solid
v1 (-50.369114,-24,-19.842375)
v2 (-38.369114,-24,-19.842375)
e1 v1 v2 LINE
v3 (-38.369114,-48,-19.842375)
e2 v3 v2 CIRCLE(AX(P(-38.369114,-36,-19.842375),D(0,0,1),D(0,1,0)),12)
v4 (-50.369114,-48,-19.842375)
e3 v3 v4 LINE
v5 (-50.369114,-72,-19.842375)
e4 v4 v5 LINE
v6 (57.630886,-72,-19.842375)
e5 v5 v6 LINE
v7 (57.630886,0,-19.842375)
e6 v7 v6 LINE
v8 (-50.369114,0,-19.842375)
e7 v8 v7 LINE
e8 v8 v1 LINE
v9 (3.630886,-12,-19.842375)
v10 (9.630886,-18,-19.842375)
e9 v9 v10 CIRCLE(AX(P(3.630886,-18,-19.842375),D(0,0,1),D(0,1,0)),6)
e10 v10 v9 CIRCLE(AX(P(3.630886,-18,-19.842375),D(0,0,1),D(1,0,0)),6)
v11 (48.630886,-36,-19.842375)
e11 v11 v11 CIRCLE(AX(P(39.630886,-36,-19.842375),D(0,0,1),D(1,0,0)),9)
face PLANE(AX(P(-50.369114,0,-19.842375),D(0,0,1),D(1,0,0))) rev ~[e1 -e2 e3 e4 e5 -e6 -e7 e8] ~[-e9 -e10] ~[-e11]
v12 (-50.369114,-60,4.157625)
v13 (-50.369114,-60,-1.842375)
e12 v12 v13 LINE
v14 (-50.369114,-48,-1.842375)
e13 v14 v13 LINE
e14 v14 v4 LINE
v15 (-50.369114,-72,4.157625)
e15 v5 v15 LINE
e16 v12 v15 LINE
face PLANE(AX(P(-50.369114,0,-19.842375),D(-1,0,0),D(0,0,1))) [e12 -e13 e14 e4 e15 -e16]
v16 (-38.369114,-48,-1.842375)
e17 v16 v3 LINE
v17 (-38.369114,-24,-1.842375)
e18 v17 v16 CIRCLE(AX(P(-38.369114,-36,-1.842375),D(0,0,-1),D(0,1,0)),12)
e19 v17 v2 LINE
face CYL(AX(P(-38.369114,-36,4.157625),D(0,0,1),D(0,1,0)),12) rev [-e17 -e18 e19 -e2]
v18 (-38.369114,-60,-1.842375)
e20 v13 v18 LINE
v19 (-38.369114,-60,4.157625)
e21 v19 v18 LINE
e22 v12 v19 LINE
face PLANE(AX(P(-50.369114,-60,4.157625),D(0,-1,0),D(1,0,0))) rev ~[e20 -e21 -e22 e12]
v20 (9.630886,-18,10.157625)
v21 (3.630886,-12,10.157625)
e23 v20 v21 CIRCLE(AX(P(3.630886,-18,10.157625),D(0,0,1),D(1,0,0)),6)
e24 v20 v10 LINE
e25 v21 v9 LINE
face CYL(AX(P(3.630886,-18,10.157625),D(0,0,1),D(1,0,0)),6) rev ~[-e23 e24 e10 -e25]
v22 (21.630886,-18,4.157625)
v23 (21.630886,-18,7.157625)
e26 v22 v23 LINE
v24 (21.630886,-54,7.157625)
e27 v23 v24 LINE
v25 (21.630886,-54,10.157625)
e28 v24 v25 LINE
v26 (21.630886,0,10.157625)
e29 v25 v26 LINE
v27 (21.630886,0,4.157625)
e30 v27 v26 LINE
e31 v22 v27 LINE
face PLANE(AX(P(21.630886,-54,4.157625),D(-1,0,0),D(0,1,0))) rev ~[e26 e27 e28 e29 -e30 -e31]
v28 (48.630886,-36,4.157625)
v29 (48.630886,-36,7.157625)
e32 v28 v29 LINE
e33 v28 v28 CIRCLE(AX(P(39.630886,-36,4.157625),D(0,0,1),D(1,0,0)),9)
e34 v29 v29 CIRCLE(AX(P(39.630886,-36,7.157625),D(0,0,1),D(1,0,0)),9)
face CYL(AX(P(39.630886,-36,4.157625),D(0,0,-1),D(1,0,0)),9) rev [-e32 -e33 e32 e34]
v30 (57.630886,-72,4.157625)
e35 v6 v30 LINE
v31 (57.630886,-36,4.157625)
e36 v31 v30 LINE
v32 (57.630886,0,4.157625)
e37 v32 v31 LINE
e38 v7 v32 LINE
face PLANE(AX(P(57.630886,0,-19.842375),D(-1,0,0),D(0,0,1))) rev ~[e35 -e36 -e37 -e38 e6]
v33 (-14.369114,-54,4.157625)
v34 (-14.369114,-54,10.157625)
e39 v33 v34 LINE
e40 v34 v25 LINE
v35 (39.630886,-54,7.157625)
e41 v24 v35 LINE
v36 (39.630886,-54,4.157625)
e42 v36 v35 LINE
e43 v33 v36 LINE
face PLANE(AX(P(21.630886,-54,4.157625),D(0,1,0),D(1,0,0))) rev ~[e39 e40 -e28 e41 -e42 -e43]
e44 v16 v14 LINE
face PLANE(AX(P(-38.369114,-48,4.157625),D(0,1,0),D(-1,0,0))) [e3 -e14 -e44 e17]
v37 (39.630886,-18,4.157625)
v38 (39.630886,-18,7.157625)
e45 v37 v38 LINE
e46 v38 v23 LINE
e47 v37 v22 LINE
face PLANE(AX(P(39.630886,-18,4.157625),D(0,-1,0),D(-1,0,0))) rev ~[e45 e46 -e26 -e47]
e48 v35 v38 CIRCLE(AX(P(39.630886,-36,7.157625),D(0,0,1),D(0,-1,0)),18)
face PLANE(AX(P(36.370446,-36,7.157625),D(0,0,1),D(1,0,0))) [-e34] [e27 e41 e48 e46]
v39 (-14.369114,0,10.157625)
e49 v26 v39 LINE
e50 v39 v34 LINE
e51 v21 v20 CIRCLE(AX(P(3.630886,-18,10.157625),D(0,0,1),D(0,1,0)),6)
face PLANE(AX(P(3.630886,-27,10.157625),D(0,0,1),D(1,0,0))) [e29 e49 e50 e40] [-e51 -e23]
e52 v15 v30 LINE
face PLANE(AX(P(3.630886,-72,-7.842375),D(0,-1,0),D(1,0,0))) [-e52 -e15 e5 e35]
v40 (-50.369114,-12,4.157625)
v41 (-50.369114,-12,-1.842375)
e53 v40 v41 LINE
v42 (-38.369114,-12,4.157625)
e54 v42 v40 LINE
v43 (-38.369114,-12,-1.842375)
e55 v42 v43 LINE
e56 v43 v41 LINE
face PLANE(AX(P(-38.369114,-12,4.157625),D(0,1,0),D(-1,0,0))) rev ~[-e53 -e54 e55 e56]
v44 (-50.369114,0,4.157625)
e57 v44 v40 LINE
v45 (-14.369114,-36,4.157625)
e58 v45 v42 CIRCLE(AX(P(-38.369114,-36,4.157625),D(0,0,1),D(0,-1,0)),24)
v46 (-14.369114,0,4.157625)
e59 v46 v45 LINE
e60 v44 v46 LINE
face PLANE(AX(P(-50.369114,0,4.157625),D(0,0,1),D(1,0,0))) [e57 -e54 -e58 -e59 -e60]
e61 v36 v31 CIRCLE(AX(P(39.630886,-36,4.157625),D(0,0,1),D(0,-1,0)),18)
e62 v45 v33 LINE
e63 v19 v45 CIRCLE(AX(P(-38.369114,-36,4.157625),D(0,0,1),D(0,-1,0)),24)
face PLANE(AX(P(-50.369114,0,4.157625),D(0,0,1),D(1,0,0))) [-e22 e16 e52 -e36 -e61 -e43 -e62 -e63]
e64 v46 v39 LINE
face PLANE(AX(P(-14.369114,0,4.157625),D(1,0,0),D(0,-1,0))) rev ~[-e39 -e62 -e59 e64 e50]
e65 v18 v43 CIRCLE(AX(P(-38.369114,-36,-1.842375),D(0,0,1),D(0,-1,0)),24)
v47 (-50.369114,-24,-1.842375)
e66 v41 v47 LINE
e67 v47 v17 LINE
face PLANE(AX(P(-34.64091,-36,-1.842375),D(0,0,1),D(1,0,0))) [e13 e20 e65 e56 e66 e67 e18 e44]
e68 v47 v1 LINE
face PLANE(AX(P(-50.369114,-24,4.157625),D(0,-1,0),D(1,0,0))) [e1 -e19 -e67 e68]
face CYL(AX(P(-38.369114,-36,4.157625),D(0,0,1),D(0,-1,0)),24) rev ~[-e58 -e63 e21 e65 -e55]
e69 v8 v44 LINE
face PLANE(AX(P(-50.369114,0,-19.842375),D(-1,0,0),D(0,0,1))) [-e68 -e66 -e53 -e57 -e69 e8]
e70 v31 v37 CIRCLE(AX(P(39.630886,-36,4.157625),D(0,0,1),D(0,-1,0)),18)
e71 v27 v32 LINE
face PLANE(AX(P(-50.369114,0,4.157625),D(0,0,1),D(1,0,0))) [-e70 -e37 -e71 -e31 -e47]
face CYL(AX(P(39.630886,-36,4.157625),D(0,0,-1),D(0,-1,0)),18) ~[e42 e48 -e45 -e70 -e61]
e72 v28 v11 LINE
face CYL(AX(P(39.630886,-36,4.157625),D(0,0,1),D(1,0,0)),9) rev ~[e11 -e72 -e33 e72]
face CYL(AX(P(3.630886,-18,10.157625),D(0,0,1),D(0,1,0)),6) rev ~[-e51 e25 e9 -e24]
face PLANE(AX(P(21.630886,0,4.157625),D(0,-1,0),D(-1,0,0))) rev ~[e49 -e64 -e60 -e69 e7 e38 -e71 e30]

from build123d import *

# Parameters (mm, degrees)
F0_W      = 108
F0_H      = 24
F1_DEPTH  = 72
F3_DEPTH  = 6
F4_DEPTH  = 24.001
F6_DEPTH  = 6
F8_DEPTH  = 30.001
F9_R      = 9
F10_DEPTH = 3
F11_DEPTH = 24.001


with BuildPart() as f1:
    # F0 (on Front) → F1 (new body)
    with BuildSketch(Plane.XZ):
        with Locations((3.6308863163, -7.8423750699)):
            Rectangle(F0_W, F0_H)
    extrude(amount=F1_DEPTH)

    # F2 (on face) → F3 (cut)
    with BuildSketch(Plane.XY.offset(4.1576249301)):
        with BuildLine():
            Line((-50.3691136837, -48), (-50.3691136837, -60))
            Line((-50.3691136837, -60), (-38.3691136837, -60))
            ThreePointArc((-38.3691136837, -60), (-14.3691136837, -36), (-38.3691136837, -12))
            Line((-38.3691136837, -12), (-50.3691136837, -12))
            Line((-50.3691136837, -12), (-50.3691136837, -24))
            Line((-50.3691136837, -24), (-38.3691136837, -24))
            ThreePointArc((-38.3691136837, -24), (-26.3691136837, -36), (-38.3691136837, -48))
            Line((-38.3691136837, -48), (-50.3691136837, -48))
        make_face()
    extrude(amount=-F3_DEPTH, mode=Mode.SUBTRACT)

    # F4 (cut, through all): a face of the model
    f4_faces = [f1.faces().sort_by_distance(p)[0] for p in [
        (-39.4893119907, -36, 4.1576249301),
    ]]
    extrude(f4_faces, amount=-F4_DEPTH, mode=Mode.SUBTRACT)

    # F5 (on face) → F6 (join)
    with BuildSketch(Plane.XY.offset(4.1576249301)):
        Polygon((21.6308863163, 0), (-14.3691136837, 0), (-14.3691136837, -36), (-14.3691136837, -54), (21.6308863163, -54), align=None)
    extrude(amount=F6_DEPTH)

    # F7 (on face) → F8 (cut, through all)
    with BuildSketch(Plane.XY.offset(10.1576249301)):
        with BuildLine():
            ThreePointArc((3.6308863163, -12), (-0.6117543708, -22.2426406871), (9.6308863163, -18))
            ThreePointArc((9.6308863163, -18), (7.8735270034, -13.7573593129), (3.6308863163, -12))
        make_face()
    extrude(amount=-F8_DEPTH, mode=Mode.SUBTRACT)

    # F9 (on face) → F10 (join)
    with BuildSketch(Plane.XY.offset(4.1576249301)):
        with BuildLine():
            Line((21.6308863163, -54), (39.6308863163, -54))
            ThreePointArc((39.6308863163, -54), (57.6308863163, -36), (39.6308863163, -18))
            Line((39.6308863163, -18), (21.6308863163, -18))
            Line((21.6308863163, -18), (21.6308863163, -54))
        make_face()
        with Locations((39.6308863163, -36)):
            Circle(F9_R, mode=Mode.SUBTRACT)
    extrude(amount=F10_DEPTH)

    # F11 (cut, through all): a face of the model
    f11_faces = [f1.faces().sort_by_distance(p)[0] for p in [
        (39.6308863163, -36, 4.1576249301),
    ]]
    extrude(f11_faces, amount=-F11_DEPTH, mode=Mode.SUBTRACT)


solid = f1.part
